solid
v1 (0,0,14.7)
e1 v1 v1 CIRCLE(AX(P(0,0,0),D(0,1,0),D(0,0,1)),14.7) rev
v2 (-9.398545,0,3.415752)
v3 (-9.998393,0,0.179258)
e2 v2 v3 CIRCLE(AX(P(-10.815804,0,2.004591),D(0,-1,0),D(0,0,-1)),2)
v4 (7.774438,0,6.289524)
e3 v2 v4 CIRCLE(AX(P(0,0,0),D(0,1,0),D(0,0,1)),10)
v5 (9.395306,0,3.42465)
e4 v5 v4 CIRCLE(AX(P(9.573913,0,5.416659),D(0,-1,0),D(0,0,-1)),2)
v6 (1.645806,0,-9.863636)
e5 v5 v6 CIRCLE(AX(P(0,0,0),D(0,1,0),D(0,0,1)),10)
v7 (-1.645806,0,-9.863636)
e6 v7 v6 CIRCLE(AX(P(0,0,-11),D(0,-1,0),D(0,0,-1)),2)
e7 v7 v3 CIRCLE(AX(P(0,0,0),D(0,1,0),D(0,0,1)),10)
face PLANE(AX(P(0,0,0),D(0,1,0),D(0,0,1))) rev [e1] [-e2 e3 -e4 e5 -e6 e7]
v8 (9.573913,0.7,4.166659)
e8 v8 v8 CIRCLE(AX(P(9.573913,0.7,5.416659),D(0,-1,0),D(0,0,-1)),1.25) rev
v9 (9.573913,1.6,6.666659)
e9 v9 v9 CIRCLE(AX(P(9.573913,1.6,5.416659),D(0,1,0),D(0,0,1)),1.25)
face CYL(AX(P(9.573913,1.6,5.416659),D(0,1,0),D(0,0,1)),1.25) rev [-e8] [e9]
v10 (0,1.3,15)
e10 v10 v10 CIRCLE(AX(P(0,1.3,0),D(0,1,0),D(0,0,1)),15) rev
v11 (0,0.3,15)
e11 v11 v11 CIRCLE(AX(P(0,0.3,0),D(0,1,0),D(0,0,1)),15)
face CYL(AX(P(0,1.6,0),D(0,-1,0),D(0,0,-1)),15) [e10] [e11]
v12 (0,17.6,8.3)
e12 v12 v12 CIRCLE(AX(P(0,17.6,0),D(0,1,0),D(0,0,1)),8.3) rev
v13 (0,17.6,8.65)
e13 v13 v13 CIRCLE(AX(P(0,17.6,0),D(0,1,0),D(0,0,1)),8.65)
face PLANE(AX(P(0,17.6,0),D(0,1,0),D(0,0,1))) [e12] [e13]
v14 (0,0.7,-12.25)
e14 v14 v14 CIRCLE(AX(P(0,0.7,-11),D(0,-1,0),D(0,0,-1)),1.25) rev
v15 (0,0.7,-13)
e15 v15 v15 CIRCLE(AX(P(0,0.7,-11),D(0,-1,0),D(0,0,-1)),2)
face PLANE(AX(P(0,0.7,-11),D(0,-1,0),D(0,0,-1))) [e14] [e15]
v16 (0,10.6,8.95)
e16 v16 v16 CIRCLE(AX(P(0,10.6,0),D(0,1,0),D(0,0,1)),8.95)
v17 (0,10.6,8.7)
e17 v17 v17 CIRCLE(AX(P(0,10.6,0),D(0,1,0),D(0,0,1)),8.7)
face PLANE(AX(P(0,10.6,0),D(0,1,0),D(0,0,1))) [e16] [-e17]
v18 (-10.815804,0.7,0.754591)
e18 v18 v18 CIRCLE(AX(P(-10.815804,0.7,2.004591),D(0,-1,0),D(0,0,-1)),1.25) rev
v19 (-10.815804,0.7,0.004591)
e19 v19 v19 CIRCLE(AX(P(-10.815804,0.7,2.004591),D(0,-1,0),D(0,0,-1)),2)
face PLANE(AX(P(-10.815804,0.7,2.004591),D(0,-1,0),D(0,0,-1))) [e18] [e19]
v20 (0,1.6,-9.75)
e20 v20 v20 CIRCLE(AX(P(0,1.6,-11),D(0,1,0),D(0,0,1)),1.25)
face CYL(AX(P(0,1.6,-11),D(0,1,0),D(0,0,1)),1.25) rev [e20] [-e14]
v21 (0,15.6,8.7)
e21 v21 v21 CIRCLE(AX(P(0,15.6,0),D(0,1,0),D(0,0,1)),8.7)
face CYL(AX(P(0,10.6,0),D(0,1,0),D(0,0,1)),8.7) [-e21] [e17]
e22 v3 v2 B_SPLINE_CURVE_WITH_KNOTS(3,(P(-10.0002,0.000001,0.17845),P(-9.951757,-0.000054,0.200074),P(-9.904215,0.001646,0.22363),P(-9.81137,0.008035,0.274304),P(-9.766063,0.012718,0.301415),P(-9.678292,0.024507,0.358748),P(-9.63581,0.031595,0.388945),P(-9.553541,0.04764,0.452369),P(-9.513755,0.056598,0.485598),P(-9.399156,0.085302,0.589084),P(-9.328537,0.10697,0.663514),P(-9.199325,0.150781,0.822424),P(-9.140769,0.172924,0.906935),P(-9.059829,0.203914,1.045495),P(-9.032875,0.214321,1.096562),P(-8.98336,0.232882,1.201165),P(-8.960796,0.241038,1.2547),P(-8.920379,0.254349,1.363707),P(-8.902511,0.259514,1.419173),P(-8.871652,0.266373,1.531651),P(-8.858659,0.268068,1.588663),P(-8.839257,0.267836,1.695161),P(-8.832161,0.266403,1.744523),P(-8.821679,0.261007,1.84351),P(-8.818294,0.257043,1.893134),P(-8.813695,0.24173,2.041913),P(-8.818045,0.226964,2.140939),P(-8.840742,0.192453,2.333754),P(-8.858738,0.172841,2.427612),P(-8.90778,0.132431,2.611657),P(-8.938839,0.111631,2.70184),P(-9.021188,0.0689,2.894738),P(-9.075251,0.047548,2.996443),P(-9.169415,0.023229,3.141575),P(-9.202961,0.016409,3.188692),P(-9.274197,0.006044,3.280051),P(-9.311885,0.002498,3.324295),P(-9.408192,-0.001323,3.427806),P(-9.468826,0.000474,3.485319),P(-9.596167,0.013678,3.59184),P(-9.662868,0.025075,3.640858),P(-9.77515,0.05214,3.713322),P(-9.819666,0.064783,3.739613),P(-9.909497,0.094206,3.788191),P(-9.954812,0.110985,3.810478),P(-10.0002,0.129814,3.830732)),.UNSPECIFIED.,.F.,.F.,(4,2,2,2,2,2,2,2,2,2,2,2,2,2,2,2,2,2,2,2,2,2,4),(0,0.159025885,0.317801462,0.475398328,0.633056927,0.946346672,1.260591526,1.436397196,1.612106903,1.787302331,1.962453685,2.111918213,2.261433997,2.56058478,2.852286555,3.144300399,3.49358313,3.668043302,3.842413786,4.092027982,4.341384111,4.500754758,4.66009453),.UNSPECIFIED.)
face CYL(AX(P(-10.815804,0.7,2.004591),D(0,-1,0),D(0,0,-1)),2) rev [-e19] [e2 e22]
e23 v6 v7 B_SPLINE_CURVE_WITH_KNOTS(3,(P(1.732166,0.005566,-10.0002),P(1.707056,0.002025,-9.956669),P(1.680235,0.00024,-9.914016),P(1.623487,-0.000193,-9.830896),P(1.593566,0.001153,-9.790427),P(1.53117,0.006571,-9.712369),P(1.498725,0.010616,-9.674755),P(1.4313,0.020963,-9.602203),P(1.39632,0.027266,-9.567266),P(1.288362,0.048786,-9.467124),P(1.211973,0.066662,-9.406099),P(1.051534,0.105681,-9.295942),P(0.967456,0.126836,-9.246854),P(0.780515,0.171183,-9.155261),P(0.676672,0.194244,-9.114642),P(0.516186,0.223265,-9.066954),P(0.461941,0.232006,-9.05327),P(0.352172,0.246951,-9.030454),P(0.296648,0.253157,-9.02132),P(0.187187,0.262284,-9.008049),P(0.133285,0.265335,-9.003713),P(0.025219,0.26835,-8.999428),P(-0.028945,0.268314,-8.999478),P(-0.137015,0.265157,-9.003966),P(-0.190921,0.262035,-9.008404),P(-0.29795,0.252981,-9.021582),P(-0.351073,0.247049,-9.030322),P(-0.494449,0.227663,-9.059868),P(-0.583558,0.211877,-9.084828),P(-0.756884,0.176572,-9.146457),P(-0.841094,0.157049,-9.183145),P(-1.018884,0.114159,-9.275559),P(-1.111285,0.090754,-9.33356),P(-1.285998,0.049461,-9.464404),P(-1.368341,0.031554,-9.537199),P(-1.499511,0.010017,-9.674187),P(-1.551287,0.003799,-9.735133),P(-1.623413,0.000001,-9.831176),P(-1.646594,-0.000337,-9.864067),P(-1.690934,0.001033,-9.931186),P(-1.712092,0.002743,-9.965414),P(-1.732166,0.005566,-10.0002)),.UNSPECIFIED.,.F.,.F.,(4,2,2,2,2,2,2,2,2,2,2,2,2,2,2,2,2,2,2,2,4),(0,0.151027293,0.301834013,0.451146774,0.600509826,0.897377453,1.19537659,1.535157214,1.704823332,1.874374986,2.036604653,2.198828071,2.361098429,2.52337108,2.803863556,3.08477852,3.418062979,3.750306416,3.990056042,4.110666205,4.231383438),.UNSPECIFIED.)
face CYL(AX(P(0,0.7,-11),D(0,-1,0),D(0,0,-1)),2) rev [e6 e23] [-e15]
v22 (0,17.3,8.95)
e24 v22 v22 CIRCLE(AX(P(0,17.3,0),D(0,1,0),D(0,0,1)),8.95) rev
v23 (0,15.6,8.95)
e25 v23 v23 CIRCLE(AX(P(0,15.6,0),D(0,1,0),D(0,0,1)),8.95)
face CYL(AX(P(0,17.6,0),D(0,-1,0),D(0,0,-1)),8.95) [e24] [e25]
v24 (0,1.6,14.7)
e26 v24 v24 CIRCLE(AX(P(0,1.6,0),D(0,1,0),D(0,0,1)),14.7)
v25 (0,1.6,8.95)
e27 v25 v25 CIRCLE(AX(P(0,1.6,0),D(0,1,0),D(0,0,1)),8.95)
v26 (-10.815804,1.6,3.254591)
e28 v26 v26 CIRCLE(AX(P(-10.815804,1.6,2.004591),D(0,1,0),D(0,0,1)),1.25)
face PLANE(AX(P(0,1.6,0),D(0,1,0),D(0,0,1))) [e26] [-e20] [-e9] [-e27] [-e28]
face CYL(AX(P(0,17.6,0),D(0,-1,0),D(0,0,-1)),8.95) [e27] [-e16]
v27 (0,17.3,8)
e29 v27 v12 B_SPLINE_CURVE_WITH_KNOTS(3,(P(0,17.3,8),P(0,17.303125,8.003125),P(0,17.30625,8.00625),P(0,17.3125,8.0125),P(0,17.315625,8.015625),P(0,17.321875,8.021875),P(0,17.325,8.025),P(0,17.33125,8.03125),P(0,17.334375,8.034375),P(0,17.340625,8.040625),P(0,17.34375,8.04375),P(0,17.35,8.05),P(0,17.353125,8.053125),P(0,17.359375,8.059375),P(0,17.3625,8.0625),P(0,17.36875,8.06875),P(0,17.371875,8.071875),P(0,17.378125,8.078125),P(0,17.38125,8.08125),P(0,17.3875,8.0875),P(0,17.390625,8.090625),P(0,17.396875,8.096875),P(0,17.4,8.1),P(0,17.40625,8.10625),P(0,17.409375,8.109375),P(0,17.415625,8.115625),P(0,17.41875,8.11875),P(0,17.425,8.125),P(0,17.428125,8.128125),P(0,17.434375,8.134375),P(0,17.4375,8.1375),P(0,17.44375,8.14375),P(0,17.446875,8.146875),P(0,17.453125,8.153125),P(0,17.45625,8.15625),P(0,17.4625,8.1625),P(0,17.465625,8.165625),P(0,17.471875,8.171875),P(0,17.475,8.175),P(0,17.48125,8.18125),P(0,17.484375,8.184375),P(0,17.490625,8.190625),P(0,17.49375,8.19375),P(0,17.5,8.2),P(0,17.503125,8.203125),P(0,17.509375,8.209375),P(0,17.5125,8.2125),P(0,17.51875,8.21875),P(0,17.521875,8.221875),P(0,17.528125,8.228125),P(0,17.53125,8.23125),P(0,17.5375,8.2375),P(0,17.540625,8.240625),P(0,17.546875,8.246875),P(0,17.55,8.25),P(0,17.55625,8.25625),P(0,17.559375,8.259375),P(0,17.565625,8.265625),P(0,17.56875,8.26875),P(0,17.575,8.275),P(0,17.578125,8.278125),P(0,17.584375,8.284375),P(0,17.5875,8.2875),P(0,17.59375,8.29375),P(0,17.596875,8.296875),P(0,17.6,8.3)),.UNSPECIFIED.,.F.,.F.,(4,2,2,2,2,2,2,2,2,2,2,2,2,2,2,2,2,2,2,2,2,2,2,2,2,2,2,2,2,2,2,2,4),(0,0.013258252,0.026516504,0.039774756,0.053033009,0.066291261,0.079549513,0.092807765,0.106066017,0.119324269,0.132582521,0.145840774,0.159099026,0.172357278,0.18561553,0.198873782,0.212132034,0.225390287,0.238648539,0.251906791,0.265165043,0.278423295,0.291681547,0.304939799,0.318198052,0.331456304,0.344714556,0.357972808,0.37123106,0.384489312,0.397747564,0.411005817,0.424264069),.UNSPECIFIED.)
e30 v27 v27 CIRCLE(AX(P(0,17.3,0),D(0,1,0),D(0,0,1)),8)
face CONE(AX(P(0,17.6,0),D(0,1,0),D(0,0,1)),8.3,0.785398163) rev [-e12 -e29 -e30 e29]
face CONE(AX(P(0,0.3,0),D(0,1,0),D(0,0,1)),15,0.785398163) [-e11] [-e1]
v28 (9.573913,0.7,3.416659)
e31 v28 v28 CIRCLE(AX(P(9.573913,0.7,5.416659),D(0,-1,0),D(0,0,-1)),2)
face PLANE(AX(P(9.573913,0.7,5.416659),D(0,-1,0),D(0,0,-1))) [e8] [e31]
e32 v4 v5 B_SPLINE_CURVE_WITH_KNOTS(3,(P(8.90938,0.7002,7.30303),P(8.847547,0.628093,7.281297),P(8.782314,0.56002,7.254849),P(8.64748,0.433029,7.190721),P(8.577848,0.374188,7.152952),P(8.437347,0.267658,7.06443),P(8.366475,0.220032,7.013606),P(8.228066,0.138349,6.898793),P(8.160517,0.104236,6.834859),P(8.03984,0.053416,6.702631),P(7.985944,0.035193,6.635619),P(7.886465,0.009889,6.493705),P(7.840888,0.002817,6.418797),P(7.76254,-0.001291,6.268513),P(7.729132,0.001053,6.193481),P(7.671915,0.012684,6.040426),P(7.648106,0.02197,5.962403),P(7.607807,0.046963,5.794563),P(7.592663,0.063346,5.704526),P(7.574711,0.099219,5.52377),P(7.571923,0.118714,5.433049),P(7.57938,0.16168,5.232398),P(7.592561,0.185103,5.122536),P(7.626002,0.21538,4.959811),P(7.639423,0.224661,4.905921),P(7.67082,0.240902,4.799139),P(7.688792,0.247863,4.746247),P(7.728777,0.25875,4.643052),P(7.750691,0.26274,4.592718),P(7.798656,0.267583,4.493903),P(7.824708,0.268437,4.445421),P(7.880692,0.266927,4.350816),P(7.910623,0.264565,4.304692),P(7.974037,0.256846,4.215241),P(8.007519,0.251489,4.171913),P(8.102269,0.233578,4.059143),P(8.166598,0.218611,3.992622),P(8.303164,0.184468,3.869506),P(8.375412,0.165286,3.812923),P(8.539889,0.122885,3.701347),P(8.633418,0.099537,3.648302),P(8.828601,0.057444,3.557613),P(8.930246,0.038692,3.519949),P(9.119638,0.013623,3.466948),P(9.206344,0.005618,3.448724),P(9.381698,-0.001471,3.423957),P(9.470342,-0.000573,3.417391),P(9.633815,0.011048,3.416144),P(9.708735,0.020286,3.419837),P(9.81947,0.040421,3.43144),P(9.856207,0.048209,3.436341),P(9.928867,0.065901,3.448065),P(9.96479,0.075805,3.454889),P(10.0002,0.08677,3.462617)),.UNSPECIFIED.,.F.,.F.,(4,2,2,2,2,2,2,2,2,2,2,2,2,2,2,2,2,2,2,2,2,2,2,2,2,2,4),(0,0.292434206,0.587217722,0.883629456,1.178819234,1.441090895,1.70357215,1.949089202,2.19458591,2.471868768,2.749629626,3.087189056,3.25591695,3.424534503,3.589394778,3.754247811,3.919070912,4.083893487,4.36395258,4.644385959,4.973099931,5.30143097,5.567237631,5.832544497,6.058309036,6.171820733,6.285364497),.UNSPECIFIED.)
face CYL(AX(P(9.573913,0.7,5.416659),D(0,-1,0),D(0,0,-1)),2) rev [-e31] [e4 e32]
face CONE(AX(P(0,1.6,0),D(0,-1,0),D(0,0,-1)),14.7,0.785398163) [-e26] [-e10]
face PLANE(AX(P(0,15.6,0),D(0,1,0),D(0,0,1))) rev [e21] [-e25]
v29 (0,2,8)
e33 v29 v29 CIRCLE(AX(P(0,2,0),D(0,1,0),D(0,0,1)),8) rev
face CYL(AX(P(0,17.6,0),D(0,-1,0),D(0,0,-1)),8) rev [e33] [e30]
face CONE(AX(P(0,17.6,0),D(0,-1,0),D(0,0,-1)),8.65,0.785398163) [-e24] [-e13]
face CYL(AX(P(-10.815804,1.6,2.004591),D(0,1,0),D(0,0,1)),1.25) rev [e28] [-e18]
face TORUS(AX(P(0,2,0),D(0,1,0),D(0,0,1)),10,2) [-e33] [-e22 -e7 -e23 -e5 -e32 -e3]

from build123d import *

# Parameters (mm, degrees)
SKETCH_1_R          = 15
EXTRUDE_1_DEPTH     = 1.6
SKETCH_2_R          = 8.95
EXTRUDE_2_DEPTH     = 16
SKETCH_3_R          = 8
CUT_EXTRUDE_1_DEPTH = 28.563744303
FILLET_1_R          = 2
MM_1_D              = 2.5
SKETCH_6_R          = 2
CUT_EXTRUDE_2_DEPTH = 0.7
CUT_EXTRUDE_START   = -7
SKETCH_7_R          = 8.95
SKETCH_7_R_2        = 8.7
CUT_EXTRUDE_3_DEPTH = 5
CHAMFER_1_SIZE      = 0.3


with BuildPart() as part:
    # 草图1 → 凸台-拉伸1 (new body)
    with BuildSketch(Plane(origin=(0, 0, 0), x_dir=(1, 0, 0), z_dir=(0, 1, 0))):
        with Locations(Location((0, 0, 0), (0, 0, 270))):
            Circle(SKETCH_1_R)
    extrude(amount=EXTRUDE_1_DEPTH)

    # 草图2 → 凸台-拉伸2 (add)
    with BuildSketch(Plane(origin=(0, 1.6, 0), x_dir=(1, 0, 0), z_dir=(0, 1, 0))):
        with Locations(Location((0, 0, 0), (0, 0, 270))):
            Circle(SKETCH_2_R)
    extrude(amount=EXTRUDE_2_DEPTH)

    # 草图3 → 切除-拉伸1 (cut, through all)
    with BuildSketch(Plane(origin=(0, 0, 0), x_dir=(-1, 0, 0), z_dir=(0, -1, 0))):
        with Locations(Location((0, 0, 0), (0, 0, 90))):
            Circle(SKETCH_3_R)
    extrude(amount=-CUT_EXTRUDE_1_DEPTH, mode=Mode.SUBTRACT)

    # 圆角1
    fillet_1_edges = [part.edges().sort_by_distance(p)[0] for p in [
        (0, 0, 8),
    ]]
    fillet(fillet_1_edges, radius=FILLET_1_R)

    # 大小mm 暗销孔1 (through all)
    with Locations(Plane(origin=(0, 1.6, 0), x_dir=(1, 0, 0), z_dir=(0, 1, 0))):
        with Locations((0, 11), (9.573912655, -5.416659161), (-10.815803983, -2.00459078)):
            Hole(MM_1_D / 2)

    # 草图6 → 切除-拉伸2 (cut)
    with BuildSketch(Plane(origin=(0, 0, 0), x_dir=(-1, 0, 0), z_dir=(0, -1, 0))):
        with Locations(Location((0, 11, 0), (0, 0, 90))):
            Circle(SKETCH_6_R)
        with Locations(Location((10.815803983, -2.00459078, 0), (0, 0, 90))):
            Circle(SKETCH_6_R)
        with Locations(Location((-9.573912655, -5.416659161, 0), (0, 0, 90))):
            Circle(SKETCH_6_R)
    extrude(amount=-CUT_EXTRUDE_2_DEPTH, mode=Mode.SUBTRACT)

    # 草图7 → 切除-拉伸3 (cut)
    with BuildSketch(Plane(origin=(0, 17.6, 0), x_dir=(1, 0, 0), z_dir=(0, 1, 0)).offset(CUT_EXTRUDE_START)):
        with Locations(Location((0, 0, 0), (0, 0, 270))):
            Circle(SKETCH_7_R)
        with Locations(Location((0, 0, 0), (0, 0, 270))):
            Circle(SKETCH_7_R_2, mode=Mode.SUBTRACT)
    extrude(amount=CUT_EXTRUDE_3_DEPTH, mode=Mode.SUBTRACT)

    # 倒角1
    chamfer_1_edges = [part.edges().sort_by_distance(p)[0] for p in [
        (0, 17.6, 8),
        (0, 0, -15),
        (0, 1.6, -15),
        (0, 17.6, -8.95),
    ]]
    chamfer(chamfer_1_edges, length=CHAMFER_1_SIZE)


solid = part.part
